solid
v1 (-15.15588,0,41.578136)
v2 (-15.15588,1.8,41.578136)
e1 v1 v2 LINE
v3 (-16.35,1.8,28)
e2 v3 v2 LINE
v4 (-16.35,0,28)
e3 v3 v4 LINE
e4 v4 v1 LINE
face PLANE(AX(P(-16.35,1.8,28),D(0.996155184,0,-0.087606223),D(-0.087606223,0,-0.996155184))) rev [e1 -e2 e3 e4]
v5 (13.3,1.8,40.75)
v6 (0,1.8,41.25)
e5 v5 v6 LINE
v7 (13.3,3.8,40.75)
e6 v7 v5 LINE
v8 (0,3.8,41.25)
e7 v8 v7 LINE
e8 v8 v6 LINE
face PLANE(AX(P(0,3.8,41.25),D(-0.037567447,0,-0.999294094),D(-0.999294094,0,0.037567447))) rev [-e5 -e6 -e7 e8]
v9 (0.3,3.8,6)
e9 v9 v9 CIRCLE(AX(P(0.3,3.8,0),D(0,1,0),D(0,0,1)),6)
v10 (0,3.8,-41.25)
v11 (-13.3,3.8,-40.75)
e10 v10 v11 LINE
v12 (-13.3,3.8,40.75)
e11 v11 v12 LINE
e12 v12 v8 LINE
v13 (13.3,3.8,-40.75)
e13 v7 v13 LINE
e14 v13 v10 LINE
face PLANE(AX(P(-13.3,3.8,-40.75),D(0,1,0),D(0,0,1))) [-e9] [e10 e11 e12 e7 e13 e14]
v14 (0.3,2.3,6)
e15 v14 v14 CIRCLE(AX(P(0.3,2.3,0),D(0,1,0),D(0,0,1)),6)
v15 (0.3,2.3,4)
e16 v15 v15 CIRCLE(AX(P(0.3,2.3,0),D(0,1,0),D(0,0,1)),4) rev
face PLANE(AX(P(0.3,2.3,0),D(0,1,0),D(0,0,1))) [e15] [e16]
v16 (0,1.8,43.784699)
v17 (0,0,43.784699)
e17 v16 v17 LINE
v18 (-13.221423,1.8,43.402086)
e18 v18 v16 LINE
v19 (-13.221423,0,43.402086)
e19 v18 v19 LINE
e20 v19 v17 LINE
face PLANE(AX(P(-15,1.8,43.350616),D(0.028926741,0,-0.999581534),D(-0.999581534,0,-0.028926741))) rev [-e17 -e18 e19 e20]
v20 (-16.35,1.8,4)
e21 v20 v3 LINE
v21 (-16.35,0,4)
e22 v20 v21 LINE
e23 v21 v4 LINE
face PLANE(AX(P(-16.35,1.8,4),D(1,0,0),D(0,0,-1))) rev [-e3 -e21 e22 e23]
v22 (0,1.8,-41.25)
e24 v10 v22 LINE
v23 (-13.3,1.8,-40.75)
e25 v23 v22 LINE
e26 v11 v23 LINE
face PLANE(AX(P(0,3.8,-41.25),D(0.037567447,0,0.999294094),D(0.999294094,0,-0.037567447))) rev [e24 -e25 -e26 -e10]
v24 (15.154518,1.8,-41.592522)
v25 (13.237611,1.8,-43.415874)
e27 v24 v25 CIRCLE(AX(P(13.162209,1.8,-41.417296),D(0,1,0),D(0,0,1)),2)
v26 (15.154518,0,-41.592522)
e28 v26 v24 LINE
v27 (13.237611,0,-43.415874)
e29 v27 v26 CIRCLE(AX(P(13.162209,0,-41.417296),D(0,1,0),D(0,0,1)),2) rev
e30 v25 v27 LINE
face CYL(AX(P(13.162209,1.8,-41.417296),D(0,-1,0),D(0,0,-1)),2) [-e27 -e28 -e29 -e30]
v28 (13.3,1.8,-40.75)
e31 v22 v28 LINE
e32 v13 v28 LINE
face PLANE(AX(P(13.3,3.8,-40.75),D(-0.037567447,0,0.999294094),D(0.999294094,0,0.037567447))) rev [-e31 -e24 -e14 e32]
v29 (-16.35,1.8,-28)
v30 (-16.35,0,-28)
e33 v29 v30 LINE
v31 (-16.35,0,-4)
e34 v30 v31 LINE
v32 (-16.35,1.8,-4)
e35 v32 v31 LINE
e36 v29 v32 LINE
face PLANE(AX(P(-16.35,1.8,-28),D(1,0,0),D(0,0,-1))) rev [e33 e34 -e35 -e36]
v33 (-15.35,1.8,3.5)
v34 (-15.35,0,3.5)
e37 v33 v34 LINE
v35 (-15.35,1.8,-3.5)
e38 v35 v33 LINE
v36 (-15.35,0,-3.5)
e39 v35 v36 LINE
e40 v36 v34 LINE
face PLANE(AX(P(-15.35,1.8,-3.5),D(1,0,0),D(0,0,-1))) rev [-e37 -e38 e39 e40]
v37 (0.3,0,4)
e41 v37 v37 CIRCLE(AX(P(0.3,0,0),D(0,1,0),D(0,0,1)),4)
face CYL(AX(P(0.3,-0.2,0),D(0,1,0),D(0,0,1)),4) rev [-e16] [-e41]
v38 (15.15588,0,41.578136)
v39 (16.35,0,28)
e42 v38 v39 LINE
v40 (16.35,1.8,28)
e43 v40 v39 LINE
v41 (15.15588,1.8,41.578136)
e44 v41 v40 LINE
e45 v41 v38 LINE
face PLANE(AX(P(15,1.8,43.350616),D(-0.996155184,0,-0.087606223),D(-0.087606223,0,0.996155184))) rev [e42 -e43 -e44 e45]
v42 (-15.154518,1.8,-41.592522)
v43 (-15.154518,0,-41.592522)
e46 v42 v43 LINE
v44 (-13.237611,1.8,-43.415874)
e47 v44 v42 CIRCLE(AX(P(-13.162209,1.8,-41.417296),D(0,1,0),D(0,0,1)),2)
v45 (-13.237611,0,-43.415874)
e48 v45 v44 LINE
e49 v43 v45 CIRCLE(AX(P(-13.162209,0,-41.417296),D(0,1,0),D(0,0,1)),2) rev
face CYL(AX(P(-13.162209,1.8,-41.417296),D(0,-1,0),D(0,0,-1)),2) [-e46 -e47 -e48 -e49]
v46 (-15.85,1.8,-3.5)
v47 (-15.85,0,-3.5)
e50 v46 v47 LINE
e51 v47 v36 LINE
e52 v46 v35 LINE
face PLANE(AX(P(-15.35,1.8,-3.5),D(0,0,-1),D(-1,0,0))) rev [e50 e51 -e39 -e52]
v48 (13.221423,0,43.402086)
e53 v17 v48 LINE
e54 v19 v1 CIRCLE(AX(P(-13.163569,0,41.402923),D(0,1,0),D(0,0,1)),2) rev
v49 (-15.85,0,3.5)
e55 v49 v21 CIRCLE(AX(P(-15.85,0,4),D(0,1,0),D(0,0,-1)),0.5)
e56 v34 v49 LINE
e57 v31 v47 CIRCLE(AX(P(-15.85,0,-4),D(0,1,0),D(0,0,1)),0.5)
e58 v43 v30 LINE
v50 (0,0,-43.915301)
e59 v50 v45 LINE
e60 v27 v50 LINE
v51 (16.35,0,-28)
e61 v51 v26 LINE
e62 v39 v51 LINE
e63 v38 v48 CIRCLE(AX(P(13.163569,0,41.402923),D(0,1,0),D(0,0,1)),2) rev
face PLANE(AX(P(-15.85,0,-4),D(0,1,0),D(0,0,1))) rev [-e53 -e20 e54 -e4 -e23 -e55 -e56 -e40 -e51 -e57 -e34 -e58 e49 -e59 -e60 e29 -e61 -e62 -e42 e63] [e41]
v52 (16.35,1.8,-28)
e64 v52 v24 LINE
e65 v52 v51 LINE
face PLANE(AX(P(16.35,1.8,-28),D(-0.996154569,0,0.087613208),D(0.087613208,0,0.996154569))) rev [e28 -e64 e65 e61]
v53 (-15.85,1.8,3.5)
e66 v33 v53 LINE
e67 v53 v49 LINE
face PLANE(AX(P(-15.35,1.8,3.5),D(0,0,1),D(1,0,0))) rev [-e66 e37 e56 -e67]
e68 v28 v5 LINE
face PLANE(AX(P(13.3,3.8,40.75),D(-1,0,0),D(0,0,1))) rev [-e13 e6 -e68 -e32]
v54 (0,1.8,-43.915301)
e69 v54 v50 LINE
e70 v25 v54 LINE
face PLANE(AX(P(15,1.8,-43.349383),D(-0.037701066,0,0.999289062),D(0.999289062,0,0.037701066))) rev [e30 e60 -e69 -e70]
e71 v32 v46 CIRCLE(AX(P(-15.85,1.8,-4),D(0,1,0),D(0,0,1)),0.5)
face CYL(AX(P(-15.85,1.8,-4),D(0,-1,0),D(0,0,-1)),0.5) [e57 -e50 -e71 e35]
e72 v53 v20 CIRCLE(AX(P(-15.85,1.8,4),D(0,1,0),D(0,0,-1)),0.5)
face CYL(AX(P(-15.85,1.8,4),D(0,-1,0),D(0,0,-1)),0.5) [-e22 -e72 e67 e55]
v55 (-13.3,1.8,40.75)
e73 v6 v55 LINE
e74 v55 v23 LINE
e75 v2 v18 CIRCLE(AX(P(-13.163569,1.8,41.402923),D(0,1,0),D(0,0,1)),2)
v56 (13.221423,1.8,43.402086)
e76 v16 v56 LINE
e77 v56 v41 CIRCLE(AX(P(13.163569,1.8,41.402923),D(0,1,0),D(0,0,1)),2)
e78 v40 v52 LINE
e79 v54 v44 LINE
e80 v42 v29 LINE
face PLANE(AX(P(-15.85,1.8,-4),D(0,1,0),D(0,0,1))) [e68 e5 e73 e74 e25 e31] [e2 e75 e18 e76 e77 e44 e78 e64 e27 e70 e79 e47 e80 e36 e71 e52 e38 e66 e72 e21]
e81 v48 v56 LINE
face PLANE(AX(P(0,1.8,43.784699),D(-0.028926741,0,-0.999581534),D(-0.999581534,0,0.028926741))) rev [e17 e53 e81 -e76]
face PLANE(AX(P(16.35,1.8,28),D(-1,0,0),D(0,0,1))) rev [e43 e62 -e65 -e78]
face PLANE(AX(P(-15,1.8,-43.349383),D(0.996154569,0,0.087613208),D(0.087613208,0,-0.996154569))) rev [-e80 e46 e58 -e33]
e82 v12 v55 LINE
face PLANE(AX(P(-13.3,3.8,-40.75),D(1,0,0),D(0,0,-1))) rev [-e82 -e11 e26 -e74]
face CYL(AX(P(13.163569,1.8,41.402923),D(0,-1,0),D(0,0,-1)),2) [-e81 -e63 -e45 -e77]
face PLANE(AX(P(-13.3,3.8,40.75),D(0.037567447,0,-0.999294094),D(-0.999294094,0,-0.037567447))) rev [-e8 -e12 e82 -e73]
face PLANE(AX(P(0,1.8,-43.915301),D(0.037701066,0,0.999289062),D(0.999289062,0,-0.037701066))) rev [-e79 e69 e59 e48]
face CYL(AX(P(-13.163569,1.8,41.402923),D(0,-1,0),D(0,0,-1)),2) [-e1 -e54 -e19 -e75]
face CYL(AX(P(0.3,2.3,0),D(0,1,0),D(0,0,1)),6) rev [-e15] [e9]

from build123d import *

# Parameters (mm, degrees)
EXTRUDE_1_DEPTH     = 1.8
EXTRUDE_2_DEPTH     = 3.8
FILLET_1_R          = 2
SKETCH_5_R          = 4
CUT_EXTRUDE_1_DEPTH = 4
SKETCH_6_R          = 6
CUT_EXTRUDE_2_DEPTH = 1.5


with BuildPart() as part:
    # Эскиз1 → Бобышка-Вытянуть1 (new body)
    with BuildSketch(Plane(origin=(0, 0, 0), x_dir=(1, 0, 0), z_dir=(0, 1, 0))):
        with BuildLine():
            Line((-15, 43.349382745), (-16.35, 28))
            Line((-16.35, 28), (-16.35, 4))
            ThreePointArc((-16.35, 4), (-16.203553391, 3.646446609), (-15.85, 3.5))
            Line((-15.85, 3.5), (-15.35, 3.5))
            Line((-15.35, 3.5), (-15.35, -3.5))
            Line((-15.35, -3.5), (-15.85, -3.5))
            ThreePointArc((-15.85, -3.5), (-16.203553391, -3.646446609), (-16.35, -4))
            Line((-16.35, -4), (-16.35, -28))
            Line((-16.35, -28), (-15, -43.35061617))
            Line((-15, -43.35061617), (0, -43.784698928))
            Line((0, -43.784698928), (15, -43.35061617))
            Line((15, -43.35061617), (16.35, -28))
            Line((16.35, -28), (16.35, 28))
            Line((16.35, 28), (15, 43.349382745))
            Line((15, 43.349382745), (0, 43.915301072))
            Line((0, 43.915301072), (-15, 43.349382745))
        make_face()
    extrude(amount=EXTRUDE_1_DEPTH)

    # Эскиз4 → Бобышка-Вытянуть2 (add)
    with BuildSketch(Plane(origin=(0, 0, 0), x_dir=(1, 0, 0), z_dir=(0, 1, 0))):
        Polygon((-13.3, 40.75), (-13.3, -40.75), (0, -41.25), (13.3, -40.75), (13.3, 40.75), (0, 41.25), align=None)
    extrude(amount=EXTRUDE_2_DEPTH)

    # Скругление1
    fillet_1_edges = [part.edges().sort_by_distance(p)[0] for p in [
        (-15, 0.9, -43.349382745),
        (15, 0.9, -43.349382745),
        (15, 0.9, 43.35061617),
        (-15, 0.9, 43.35061617),
    ]]
    fillet(fillet_1_edges, radius=FILLET_1_R)

    # Эскиз5 → Вырез-Вытянуть1 (cut)
    with BuildSketch(Plane(origin=(0, 3.8, 0), x_dir=(-1, 0, 0), z_dir=(0, 1, 0))):
        with Locations(Location((-0.3, 0, 0), (0, 0, 90))):
            Circle(SKETCH_5_R)
    extrude(amount=-CUT_EXTRUDE_1_DEPTH, mode=Mode.SUBTRACT)

    # Эскиз6 → Вырез-Вытянуть2 (cut)
    with BuildSketch(Plane(origin=(0, 3.8, 0), x_dir=(1, 0, 0), z_dir=(0, 1, 0))):
        with Locations(Location((0.3, 0, 0), (0, 0, 270))):
            Circle(SKETCH_6_R)
    extrude(amount=-CUT_EXTRUDE_2_DEPTH, mode=Mode.SUBTRACT)


solid = part.part
